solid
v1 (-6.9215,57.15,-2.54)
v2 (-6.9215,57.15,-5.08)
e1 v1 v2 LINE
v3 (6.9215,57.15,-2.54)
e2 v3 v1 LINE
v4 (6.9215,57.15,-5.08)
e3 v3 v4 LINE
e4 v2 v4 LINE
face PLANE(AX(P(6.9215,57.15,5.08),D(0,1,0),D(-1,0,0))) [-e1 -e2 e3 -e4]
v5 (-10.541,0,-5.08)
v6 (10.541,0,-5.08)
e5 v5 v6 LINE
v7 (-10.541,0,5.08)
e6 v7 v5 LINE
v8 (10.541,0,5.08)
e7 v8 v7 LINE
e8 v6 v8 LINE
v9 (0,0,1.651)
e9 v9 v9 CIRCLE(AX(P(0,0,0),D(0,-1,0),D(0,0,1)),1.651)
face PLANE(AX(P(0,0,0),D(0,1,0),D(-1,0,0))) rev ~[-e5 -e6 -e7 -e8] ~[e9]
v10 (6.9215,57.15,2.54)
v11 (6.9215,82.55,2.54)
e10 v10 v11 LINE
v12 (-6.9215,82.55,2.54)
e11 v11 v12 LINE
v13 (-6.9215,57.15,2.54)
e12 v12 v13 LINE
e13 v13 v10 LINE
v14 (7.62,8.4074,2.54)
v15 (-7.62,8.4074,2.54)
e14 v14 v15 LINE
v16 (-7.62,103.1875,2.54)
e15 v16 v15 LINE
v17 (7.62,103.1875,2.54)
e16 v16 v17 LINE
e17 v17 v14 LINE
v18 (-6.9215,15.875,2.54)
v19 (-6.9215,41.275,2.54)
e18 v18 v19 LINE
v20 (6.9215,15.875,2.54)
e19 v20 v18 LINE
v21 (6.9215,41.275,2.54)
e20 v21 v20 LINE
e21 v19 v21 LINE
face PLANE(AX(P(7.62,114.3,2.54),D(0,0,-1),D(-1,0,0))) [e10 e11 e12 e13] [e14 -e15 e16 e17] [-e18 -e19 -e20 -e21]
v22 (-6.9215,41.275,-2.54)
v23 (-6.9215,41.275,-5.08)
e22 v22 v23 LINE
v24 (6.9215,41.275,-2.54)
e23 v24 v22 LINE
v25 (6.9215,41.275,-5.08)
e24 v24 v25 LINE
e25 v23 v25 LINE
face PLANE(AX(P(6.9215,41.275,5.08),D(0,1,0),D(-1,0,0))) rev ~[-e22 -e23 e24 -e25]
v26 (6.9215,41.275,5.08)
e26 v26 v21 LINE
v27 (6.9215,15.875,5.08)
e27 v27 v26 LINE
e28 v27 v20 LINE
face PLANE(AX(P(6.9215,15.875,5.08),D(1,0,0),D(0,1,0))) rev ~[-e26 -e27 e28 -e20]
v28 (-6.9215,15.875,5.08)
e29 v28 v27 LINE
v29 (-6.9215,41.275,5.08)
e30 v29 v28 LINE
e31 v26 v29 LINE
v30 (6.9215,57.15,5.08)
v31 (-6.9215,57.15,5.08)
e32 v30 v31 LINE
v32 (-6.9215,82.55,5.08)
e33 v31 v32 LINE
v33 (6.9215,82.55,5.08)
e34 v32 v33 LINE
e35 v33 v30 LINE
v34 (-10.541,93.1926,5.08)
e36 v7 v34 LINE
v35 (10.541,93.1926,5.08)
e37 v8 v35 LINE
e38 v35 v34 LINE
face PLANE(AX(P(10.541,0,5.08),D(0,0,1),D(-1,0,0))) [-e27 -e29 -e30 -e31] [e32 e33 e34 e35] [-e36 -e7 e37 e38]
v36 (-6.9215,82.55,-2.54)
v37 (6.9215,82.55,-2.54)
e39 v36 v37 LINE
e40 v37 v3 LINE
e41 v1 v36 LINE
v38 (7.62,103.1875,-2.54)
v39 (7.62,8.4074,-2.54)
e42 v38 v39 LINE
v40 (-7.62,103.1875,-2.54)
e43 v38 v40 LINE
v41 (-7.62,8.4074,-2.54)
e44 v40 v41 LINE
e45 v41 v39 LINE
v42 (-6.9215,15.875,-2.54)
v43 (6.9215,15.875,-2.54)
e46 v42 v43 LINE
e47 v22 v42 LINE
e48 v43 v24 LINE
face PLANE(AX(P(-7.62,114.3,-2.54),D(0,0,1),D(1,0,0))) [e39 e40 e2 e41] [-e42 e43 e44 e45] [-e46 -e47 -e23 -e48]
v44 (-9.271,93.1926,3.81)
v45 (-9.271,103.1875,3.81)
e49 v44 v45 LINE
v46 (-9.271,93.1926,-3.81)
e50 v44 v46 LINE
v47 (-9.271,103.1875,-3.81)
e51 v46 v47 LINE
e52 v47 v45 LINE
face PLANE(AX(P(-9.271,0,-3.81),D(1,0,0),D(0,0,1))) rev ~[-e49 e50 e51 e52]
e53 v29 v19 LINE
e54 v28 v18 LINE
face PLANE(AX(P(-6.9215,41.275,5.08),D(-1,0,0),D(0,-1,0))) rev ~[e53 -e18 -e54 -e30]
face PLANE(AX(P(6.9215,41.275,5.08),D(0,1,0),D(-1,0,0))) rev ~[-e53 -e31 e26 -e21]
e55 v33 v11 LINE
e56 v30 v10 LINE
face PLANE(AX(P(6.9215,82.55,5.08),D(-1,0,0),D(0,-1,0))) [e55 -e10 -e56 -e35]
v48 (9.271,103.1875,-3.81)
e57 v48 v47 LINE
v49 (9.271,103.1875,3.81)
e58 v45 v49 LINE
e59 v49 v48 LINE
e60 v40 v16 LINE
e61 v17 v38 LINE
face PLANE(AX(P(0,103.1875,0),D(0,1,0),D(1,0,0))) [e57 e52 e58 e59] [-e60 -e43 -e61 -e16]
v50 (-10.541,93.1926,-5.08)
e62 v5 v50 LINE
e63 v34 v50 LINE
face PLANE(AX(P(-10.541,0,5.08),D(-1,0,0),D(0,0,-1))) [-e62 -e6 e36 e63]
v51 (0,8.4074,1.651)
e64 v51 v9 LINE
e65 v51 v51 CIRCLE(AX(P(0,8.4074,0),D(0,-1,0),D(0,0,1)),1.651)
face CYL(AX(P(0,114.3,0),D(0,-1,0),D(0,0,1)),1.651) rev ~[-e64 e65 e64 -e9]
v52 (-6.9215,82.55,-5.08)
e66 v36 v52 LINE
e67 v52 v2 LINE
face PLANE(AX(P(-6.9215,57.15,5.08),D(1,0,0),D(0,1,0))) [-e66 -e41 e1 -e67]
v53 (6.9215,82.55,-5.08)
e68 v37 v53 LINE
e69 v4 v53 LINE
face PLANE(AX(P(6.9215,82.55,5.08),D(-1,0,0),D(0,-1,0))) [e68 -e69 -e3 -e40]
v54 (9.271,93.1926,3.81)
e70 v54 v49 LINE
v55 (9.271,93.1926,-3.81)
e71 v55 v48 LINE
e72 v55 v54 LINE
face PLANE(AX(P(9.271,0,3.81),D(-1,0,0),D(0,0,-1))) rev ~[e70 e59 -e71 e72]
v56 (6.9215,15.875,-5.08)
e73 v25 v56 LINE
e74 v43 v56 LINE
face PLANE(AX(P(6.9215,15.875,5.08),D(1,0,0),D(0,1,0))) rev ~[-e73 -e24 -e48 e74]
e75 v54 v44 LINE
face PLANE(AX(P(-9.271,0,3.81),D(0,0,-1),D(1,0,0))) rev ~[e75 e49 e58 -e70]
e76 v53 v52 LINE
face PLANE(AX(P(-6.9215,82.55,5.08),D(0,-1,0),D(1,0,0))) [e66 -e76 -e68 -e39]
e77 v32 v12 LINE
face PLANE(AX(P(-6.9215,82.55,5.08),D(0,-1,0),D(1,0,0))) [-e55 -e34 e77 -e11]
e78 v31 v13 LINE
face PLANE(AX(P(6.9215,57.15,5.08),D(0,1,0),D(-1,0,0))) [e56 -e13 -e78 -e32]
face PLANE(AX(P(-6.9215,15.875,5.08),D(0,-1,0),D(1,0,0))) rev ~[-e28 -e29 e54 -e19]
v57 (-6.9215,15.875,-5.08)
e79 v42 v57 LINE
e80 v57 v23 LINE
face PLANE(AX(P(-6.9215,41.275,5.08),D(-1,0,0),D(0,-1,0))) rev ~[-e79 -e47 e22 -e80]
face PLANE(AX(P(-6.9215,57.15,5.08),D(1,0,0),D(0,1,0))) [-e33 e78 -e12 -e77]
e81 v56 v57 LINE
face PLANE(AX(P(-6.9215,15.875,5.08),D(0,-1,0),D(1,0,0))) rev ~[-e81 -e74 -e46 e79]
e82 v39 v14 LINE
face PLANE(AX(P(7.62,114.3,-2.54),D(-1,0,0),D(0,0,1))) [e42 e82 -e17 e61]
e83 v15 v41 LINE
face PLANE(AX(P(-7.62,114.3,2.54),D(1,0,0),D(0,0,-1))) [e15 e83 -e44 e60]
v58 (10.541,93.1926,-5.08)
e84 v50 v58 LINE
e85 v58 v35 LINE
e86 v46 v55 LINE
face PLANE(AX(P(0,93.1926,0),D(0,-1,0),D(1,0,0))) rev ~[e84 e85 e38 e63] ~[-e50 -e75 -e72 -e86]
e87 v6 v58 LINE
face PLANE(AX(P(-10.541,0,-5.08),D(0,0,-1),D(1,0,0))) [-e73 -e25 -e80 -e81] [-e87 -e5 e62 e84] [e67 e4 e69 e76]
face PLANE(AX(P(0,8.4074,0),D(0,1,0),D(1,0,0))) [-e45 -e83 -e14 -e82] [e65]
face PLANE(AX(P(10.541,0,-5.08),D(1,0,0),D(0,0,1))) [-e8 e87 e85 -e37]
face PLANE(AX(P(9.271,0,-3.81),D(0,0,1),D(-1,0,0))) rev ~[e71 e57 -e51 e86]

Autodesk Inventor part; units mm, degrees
ref_plane "YZ Plane" through (0, 0, 0) normal (1, 0, 0) x (0, 1, 0)
ref_plane "XZ Plane" through (0, 0, 0) normal (0, 1, 0) x (-1, 0, 0)
ref_plane "XY Plane" through (0, 0, 0) normal (0, 0, 1) x (1, 0, 0)
sketch "Sketch2" plane through (0, 0, 0) normal (0, 1, 0) x (-1, 0, 0)
  line L0 (9.271, 3.81) -> (-9.271, 3.81)
  line L1 (-9.271, 3.81) -> (-9.271, -3.81)
  line L2 (-9.271, -3.81) -> (9.271, -3.81)
  line L3 (9.271, -3.81) -> (9.271, 3.81)
  line L4 (9.271, 3.81) -> (-9.271, -3.81) construction
  line L5 (-9.271, 3.81) -> (9.271, -3.81) construction
  point P0 (0, 0)
  dimension "d3" = 18.542
  dimension "d4" = 7.62
extrude "Extrusion2" add sketch "Sketch2" along normal blind 114.3
sketch "Sketch3" plane through (0, 114.3, 0) normal (0, 1, 0) x (1, 0, 0)
  point P0 (0, 0)
sketch "Sketch4" plane through (0, 0, 0) normal (0, -1, 0) x (1, 0, 0)
  line L0 (-10.541, -5.08) -> (10.541, -5.08)
  line L1 (10.541, -5.08) -> (10.541, 5.08)
  line L2 (10.541, 5.08) -> (-10.541, 5.08)
  line L3 (-10.541, 5.08) -> (-10.541, -5.08)
  line L4 (-10.541, -5.08) -> (10.541, 5.08) construction
  line L5 (10.541, -5.08) -> (-10.541, 5.08) construction
  point P0 (0, 0)
  dimension "d7" = 21.082
  dimension "d8" = 10.16
extrude "Extrusion3" add sketch "Sketch4" against normal blind 93.1926
hole "Hole1" at (0, 114.3, 0) direction (0, -1, 0) diameter 3.302 end through all
sketch "Sketch5" plane through (0, 114.3, 0) normal (0, 1, 0) x (1, 0, 0)
  line L0 (7.62, -2.54) -> (-7.62, -2.54)
  line L1 (-7.62, -2.54) -> (-7.62, 2.54)
  line L2 (-7.62, 2.54) -> (7.62, 2.54)
  line L3 (7.62, 2.54) -> (7.62, -2.54)
  line L4 (7.62, -2.54) -> (-7.62, 2.54) construction
  line L5 (-7.62, -2.54) -> (7.62, 2.54) construction
  point P0 (0, 0)
  dimension "d18" = 15.24
  dimension "d19" = 5.08
extrude "Extrusion4" cut sketch "Sketch5" against normal blind 105.8926
sketch "Sketch6" plane through (0, 114.3, 0) normal (0, 1, 0) x (1, 0, 0)
  line L0 (14.2875, -6.35) -> (-14.2875, -6.35)
  line L1 (-14.2875, -6.35) -> (-14.2875, 6.35)
  line L2 (-14.2875, 6.35) -> (14.2875, 6.35)
  line L3 (14.2875, 6.35) -> (14.2875, -6.35)
  line L4 (14.2875, -6.35) -> (-14.2875, 6.35) construction
  line L5 (-14.2875, -6.35) -> (14.2875, 6.35) construction
  point P0 (0, 0)
extrude "Extrusion5" cut sketch "Sketch6" against normal blind 11.1125
sketch "Sketch7" plane through (-10.541, 0, 5.08) normal (0, 0, 1) x (1, 0, 0)
  line L0 (3.6195, 82.55) -> (17.4625, 82.55)
  line L1 (17.4625, 82.55) -> (17.4625, 57.15)
  line L2 (17.4625, 57.15) -> (3.6195, 57.15)
  line L3 (3.6195, 57.15) -> (3.6195, 82.55)
  line L4 (3.6195, 82.55) -> (17.4625, 57.15) construction
  line L5 (17.4625, 82.55) -> (3.6195, 57.15) construction
  line L6 (3.6195, 15.875) -> (17.4625, 15.875)
  line L7 (17.4625, 15.875) -> (17.4625, 41.275)
  line L8 (17.4625, 41.275) -> (3.6195, 41.275)
  line L9 (3.6195, 41.275) -> (3.6195, 15.875)
  line L10 (3.6195, 15.875) -> (17.4625, 41.275) construction
  line L11 (17.4625, 15.875) -> (3.6195, 41.275) construction
  point P0 (10.541, 0)
  point P1 (10.541, 69.85)
  point P2 (10.541, 28.575)
extrude "Extrusion6" cut sketch "Sketch7" against normal blind 25.4
properties part number "Pizza2"
